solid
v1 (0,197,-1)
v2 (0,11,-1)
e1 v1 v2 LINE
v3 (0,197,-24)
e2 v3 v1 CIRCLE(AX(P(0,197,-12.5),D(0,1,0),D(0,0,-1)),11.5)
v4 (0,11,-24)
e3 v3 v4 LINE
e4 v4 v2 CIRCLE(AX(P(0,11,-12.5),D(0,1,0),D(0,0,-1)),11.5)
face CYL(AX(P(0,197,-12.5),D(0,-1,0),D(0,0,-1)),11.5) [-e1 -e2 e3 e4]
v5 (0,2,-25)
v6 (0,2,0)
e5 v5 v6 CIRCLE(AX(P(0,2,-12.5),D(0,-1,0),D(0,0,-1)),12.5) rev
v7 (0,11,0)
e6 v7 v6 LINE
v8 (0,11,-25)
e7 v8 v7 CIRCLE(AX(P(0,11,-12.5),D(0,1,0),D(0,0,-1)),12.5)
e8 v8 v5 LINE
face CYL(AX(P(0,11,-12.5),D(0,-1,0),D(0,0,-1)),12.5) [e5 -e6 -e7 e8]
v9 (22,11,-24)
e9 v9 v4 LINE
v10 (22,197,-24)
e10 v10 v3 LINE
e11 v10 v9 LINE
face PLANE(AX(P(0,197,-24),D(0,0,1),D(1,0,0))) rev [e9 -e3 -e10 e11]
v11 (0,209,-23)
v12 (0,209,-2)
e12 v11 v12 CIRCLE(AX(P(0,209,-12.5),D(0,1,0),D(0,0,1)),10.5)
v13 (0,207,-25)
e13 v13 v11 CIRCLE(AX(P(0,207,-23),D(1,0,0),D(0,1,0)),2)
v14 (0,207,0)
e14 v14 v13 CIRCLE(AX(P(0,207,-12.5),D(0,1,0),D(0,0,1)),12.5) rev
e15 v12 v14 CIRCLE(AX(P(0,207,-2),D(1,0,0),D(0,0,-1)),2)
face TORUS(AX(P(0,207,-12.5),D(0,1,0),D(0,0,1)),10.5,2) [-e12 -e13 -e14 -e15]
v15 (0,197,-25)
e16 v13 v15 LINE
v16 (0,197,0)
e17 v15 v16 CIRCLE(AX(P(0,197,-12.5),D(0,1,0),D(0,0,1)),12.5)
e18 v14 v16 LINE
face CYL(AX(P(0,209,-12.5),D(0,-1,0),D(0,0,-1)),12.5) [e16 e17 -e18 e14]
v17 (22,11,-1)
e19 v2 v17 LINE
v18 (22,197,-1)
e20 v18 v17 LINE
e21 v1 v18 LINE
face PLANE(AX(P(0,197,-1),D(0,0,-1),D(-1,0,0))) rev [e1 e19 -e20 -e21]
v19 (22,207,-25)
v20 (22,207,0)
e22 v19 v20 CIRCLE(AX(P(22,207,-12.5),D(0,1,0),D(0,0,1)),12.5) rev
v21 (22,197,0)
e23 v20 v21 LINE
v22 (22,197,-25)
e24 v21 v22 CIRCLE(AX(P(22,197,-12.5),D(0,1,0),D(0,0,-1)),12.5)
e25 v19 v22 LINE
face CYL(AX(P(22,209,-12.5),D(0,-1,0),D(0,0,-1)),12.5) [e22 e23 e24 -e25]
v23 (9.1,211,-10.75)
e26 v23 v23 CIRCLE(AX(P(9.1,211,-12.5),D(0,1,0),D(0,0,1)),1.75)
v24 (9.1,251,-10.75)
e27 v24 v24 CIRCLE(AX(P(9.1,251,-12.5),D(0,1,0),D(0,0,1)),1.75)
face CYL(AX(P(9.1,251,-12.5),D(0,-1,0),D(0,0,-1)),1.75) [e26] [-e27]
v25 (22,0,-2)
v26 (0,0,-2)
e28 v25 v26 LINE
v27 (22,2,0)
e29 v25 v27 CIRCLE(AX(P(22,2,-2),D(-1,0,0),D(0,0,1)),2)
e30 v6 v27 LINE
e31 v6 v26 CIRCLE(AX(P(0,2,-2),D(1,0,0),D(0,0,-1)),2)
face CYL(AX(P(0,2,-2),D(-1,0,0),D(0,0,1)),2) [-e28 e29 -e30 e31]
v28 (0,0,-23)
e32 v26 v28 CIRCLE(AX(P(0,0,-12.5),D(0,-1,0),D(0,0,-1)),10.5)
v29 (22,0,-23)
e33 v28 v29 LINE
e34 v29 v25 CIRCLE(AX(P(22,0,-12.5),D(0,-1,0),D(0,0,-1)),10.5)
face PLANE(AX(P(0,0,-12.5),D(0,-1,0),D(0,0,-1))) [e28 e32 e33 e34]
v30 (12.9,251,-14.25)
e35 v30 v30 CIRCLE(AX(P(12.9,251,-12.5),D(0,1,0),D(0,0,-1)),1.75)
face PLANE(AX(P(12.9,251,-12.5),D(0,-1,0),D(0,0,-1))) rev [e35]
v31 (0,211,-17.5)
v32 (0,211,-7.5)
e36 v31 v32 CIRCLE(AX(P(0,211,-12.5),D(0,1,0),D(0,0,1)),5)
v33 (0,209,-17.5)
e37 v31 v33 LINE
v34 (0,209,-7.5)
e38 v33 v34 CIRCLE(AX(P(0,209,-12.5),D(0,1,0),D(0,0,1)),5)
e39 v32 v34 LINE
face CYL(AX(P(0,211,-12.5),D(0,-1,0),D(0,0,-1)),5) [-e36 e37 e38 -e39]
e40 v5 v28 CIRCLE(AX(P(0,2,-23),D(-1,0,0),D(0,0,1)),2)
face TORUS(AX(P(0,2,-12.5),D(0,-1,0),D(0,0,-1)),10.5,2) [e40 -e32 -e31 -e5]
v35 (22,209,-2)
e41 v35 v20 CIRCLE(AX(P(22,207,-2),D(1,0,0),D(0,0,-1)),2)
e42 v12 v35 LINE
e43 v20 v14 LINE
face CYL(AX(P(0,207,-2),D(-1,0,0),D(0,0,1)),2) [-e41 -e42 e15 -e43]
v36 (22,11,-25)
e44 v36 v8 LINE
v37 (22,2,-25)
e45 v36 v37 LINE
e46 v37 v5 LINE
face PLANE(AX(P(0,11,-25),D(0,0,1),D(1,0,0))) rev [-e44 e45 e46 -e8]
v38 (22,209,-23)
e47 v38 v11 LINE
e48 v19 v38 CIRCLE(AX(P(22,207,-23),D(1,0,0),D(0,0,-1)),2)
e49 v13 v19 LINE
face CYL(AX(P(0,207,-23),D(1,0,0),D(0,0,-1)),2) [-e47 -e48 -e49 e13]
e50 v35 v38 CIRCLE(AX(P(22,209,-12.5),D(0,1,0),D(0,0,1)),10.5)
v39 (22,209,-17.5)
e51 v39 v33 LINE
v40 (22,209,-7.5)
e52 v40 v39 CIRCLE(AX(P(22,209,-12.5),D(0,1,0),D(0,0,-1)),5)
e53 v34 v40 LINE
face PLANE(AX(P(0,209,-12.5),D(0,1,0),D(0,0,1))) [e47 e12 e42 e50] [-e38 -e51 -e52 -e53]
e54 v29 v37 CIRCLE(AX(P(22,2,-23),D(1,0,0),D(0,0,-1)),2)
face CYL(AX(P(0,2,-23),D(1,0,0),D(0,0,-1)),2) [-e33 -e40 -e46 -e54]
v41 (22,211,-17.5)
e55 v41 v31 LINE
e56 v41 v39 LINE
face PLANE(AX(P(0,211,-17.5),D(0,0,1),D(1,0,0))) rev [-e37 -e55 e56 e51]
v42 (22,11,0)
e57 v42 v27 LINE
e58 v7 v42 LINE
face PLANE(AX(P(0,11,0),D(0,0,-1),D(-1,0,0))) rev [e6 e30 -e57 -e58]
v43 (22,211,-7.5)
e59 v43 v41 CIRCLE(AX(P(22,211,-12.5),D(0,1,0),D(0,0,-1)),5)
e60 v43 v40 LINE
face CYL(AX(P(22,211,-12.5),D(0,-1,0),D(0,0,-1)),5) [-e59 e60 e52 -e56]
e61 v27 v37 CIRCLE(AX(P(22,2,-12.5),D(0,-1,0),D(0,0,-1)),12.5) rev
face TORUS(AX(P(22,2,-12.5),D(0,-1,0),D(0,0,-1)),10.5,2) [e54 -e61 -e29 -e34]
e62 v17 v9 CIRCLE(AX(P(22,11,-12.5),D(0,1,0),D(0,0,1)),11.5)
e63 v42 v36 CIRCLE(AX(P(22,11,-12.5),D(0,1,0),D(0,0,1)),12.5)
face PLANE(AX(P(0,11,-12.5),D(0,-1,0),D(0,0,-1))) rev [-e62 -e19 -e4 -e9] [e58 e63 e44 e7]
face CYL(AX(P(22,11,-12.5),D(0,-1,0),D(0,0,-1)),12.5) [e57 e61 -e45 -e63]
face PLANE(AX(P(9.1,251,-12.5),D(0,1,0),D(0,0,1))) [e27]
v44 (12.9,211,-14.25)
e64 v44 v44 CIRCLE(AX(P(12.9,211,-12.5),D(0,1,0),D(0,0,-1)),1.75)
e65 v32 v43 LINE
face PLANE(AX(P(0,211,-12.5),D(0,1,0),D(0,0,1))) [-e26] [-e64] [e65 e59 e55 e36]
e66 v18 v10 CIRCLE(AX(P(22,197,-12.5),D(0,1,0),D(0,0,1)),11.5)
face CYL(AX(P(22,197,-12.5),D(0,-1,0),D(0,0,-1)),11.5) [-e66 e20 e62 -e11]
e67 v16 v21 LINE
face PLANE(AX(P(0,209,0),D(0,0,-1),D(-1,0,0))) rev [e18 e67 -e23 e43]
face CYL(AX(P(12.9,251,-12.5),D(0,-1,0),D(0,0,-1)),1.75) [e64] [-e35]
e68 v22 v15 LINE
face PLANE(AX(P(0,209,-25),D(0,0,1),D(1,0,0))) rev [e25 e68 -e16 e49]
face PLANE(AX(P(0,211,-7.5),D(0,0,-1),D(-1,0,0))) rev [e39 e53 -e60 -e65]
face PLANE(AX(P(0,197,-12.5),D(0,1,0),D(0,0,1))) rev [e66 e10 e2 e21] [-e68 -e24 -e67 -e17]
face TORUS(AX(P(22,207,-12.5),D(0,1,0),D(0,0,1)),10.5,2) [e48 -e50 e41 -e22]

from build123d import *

# Parameters (mm, degrees)
EXTRUSION1_DEPTH = 11
EXTRUSION3_DEPTH = 186
EXTRUSION4_DEPTH = 12
EXTRUSION5_DEPTH = 2
CONG_1_R         = 2
ESQUISSE6_R      = 1.75
EXTRUSION6_DEPTH = 40


with BuildPart() as part:
    # Esquisse1 → Extrusion1 (new body)
    with BuildSketch(Plane(origin=(0, 0, 0), x_dir=(1, 0, 0), z_dir=(0, 1, 0))):
        with BuildLine():
            Line((0, 0), (22, 0))
            ThreePointArc((22, 0), (34.5, 12.5), (22, 25))
            Line((22, 25), (0, 25))
            ThreePointArc((0, 25), (-12.5, 12.5), (0, 0))
        make_face()
    extrude(amount=EXTRUSION1_DEPTH)

    # Esquisse3 → Extrusion3 (add)
    with BuildSketch(Plane(origin=(0, 11, 0), x_dir=(1, 0, 0), z_dir=(0, 1, 0))):
        with BuildLine():
            Line((0, 1), (22, 1))
            ThreePointArc((22, 1), (33.5, 12.5), (22, 24))
            Line((22, 24), (0, 24))
            ThreePointArc((0, 24), (-11.5, 12.5), (0, 1))
        make_face()
    extrude(amount=EXTRUSION3_DEPTH)

    # Esquisse4 → Extrusion4 (add)
    with BuildSketch(Plane(origin=(0, 197, 0), x_dir=(1, 0, 0), z_dir=(0, 1, 0))):
        with BuildLine():
            Line((0, 25), (22, 25))
            ThreePointArc((22, 25), (34.5, 12.5), (22, 0))
            Line((22, 0), (0, 0))
            ThreePointArc((0, 0), (-12.5, 12.5), (0, 25))
        make_face()
    extrude(amount=EXTRUSION4_DEPTH)

    # Esquisse5 → Extrusion5 (add)
    with BuildSketch(Plane(origin=(0, 209, 0), x_dir=(1, 0, 0), z_dir=(0, 1, 0))):
        with BuildLine():
            Line((0, 17.5), (22, 17.5))
            ThreePointArc((22, 17.5), (27, 12.5), (22, 7.5))
            Line((22, 7.5), (0, 7.5))
            ThreePointArc((0, 7.5), (-5, 12.5), (0, 17.5))
        make_face()
    extrude(amount=EXTRUSION5_DEPTH)

    # Congé1
    cong_1_edges = [part.edges().sort_by_distance(p)[0] for p in [
        (-12.5, 209, -12.5),
        (11, 209, 0),
        (34.5, 209, -12.5),
        (11, 209, -25),
        (11, 0, -25),
        (34.5, 0, -12.5),
        (11, 0, 0),
        (-12.5, 0, -12.5),
    ]]
    fillet(cong_1_edges, radius=CONG_1_R)

    # Esquisse6 → Extrusion6 (add)
    with BuildSketch(Plane(origin=(0, 211, 0), x_dir=(1, 0, 0), z_dir=(0, 1, 0))):
        with Locations((9.1, 12.5)):
            Circle(ESQUISSE6_R)
        with Locations((12.9, 12.5)):
            Circle(ESQUISSE6_R)
    extrude(amount=EXTRUSION6_DEPTH)


solid = part.part
